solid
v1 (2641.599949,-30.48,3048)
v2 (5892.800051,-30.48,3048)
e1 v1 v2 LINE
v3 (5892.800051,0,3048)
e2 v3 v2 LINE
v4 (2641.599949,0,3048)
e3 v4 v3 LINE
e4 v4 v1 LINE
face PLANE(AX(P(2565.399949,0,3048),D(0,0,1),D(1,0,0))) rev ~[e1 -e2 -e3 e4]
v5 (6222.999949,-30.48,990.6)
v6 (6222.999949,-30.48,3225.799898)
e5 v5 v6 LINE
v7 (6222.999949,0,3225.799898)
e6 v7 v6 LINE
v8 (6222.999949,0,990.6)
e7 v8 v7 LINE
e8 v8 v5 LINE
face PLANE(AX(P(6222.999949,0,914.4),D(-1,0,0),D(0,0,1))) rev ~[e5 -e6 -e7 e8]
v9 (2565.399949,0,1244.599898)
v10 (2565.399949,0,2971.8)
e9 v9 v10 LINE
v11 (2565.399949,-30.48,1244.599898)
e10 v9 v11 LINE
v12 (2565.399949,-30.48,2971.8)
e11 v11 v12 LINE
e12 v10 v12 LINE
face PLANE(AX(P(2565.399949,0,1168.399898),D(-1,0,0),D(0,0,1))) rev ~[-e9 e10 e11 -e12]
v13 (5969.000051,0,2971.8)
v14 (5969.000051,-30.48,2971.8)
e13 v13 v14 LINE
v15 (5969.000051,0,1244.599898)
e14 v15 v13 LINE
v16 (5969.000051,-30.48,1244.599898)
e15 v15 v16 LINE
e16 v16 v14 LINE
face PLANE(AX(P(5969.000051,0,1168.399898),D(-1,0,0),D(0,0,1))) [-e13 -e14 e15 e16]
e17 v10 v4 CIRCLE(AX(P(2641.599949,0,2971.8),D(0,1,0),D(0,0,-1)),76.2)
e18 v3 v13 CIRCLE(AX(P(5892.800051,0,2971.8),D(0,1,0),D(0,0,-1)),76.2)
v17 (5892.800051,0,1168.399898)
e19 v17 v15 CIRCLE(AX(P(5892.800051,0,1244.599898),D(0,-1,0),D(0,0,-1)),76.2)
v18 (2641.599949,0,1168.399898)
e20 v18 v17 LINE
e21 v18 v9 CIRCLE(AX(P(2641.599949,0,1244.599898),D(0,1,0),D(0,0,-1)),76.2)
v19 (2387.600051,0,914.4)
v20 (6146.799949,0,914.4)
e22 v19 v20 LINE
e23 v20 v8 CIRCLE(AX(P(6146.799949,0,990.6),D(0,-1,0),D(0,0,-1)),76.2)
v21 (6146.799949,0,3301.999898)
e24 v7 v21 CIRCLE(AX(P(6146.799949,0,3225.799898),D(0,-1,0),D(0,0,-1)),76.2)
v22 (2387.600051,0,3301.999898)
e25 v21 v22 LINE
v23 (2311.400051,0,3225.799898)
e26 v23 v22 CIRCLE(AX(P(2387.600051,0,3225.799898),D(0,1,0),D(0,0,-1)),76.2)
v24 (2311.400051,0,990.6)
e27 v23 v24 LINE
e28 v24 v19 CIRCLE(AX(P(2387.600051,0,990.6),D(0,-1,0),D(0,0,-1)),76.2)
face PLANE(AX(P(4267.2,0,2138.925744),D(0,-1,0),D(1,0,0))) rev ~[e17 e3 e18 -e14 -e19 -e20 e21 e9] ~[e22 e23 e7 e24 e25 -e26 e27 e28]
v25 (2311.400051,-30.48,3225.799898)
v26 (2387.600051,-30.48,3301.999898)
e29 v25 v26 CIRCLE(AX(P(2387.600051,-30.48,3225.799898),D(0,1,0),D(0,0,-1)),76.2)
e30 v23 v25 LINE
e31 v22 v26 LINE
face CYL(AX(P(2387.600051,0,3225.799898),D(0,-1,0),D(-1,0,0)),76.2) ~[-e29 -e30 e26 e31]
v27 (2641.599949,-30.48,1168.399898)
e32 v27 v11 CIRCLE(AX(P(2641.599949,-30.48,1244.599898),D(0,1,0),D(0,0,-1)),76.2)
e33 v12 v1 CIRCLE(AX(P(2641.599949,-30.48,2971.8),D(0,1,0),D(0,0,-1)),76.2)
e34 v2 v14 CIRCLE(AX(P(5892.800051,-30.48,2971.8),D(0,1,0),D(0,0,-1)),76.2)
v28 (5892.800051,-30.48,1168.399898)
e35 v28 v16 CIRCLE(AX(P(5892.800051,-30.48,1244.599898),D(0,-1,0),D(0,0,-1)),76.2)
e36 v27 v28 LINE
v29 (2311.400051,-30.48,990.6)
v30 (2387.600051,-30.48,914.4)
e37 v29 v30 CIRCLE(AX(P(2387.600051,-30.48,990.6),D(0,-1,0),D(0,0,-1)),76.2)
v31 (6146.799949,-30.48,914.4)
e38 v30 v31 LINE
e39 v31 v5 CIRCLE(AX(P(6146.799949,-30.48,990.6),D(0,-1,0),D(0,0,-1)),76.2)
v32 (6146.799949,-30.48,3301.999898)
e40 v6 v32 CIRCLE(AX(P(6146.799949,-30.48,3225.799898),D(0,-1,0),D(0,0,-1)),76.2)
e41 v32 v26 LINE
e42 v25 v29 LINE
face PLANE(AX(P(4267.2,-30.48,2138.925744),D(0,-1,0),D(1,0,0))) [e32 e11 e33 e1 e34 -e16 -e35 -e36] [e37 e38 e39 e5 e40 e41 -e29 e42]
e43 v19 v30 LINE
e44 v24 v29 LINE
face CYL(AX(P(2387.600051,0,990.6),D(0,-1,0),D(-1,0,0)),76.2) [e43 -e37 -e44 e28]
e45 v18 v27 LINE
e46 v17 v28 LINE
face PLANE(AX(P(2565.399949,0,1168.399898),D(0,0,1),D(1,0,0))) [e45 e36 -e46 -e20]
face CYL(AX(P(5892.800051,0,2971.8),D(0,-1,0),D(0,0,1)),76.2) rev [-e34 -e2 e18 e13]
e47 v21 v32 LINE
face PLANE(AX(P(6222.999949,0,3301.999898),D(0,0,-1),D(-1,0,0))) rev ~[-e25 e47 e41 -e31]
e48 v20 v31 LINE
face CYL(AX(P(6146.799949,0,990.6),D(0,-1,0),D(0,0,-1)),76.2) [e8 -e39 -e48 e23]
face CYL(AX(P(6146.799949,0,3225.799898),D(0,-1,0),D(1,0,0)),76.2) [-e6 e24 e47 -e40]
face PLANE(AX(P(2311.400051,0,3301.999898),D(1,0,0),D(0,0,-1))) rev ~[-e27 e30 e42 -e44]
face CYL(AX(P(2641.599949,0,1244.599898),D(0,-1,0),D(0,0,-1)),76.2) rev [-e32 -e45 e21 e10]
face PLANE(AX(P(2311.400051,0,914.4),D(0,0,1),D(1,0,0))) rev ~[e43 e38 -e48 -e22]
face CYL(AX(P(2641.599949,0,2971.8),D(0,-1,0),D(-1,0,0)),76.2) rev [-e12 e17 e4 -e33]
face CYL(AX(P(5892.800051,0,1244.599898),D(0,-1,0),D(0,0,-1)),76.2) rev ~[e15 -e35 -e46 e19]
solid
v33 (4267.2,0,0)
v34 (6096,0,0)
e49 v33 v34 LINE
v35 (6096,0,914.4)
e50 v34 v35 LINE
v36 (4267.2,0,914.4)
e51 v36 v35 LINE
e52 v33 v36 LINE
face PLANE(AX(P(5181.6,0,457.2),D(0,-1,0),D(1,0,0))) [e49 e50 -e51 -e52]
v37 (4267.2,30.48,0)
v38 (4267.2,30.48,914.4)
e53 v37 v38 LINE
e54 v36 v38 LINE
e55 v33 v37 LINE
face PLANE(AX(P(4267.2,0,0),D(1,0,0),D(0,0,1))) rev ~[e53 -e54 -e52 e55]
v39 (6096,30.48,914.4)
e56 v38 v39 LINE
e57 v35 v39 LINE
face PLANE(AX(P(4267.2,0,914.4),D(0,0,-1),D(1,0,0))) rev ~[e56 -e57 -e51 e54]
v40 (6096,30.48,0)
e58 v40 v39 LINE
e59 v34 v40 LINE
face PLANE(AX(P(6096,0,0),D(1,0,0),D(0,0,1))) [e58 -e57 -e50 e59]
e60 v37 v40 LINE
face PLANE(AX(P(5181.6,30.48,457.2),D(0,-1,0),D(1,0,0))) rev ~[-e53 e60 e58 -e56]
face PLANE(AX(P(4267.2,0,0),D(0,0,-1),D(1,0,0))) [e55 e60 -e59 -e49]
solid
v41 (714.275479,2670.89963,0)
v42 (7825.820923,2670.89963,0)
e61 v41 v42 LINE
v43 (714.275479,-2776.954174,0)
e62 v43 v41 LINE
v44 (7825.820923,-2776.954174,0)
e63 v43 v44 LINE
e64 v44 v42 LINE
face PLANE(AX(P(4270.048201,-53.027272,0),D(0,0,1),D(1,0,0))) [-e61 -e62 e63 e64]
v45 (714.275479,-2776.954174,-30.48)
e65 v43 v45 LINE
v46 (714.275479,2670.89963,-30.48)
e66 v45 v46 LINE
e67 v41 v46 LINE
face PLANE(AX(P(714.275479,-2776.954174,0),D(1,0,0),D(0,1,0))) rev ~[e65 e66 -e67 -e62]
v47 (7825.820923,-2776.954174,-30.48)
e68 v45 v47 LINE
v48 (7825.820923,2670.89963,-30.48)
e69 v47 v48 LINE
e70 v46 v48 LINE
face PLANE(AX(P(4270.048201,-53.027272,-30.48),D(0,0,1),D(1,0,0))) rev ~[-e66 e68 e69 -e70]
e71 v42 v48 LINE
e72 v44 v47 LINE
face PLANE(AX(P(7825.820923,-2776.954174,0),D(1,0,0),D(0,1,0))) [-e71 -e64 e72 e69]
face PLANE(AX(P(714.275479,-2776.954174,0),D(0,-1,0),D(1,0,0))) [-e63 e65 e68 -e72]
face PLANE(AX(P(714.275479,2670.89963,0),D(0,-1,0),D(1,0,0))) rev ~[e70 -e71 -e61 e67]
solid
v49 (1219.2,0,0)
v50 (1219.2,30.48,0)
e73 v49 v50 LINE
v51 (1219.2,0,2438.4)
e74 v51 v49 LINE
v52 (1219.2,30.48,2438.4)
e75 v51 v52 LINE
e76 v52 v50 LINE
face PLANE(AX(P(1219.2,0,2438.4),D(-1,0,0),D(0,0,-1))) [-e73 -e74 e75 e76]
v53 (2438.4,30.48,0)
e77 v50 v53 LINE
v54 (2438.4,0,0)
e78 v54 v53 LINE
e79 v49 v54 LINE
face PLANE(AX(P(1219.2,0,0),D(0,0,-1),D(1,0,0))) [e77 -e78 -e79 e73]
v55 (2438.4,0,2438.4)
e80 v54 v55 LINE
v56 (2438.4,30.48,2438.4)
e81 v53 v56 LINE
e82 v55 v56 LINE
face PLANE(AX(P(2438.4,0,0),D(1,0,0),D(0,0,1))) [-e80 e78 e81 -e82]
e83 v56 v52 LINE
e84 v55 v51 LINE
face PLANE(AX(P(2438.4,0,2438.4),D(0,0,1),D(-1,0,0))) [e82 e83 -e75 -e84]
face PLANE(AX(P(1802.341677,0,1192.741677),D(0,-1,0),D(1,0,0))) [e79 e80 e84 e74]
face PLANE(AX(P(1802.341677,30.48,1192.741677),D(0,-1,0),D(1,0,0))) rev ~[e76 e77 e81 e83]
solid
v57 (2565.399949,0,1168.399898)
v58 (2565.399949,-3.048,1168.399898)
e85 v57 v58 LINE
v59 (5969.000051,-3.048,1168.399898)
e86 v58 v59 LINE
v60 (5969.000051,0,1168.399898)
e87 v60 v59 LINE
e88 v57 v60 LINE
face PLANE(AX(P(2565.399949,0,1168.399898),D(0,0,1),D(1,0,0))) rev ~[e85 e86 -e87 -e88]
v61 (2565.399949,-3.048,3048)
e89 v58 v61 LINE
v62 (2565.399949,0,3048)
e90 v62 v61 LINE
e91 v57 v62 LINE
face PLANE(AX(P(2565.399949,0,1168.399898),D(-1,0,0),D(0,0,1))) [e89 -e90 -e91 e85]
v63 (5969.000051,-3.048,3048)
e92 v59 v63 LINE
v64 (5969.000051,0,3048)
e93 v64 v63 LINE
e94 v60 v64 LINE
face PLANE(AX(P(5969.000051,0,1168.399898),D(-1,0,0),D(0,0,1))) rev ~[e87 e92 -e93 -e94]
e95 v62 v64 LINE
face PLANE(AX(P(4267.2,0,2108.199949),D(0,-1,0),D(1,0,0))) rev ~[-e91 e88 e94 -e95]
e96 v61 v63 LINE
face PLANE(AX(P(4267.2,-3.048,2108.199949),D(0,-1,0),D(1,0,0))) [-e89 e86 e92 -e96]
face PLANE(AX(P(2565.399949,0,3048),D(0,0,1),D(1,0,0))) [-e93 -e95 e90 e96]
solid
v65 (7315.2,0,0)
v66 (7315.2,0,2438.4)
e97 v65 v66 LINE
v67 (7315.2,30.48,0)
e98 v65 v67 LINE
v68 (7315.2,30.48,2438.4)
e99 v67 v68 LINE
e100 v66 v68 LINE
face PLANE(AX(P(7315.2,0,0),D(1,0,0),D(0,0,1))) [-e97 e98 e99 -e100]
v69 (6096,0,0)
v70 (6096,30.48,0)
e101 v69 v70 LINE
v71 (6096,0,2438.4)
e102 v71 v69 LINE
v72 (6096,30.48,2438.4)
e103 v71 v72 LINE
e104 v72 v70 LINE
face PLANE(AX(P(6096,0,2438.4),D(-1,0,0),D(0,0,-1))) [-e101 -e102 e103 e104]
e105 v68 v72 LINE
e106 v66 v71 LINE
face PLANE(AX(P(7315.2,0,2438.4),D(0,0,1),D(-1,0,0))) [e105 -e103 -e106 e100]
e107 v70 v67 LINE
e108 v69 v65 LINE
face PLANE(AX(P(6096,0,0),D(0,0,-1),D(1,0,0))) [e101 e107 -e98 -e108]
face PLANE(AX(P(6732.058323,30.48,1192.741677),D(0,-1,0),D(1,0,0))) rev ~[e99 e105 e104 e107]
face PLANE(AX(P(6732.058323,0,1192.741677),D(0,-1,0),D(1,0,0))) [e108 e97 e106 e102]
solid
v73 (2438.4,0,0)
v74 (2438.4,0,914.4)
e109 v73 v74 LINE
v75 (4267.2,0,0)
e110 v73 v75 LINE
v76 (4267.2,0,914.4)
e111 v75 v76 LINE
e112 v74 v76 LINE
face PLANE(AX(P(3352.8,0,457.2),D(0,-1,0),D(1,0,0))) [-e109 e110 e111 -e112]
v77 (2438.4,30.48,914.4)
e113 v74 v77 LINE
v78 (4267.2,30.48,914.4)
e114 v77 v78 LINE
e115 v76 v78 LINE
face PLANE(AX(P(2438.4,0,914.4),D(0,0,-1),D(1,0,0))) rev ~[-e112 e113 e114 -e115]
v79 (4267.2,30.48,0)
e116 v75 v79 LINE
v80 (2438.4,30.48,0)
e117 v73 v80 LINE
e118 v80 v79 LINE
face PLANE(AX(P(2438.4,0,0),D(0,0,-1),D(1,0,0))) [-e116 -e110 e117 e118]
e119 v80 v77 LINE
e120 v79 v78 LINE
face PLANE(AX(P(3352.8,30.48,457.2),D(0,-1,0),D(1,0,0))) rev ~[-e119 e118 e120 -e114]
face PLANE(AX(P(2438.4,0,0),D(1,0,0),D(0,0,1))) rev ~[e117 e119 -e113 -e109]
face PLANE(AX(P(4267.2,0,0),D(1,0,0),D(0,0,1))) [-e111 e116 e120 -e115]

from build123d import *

# Parameters (mm, degrees)
F0_W     = 1219.2
F0_H     = 2438.4
F1_DEPTH = 30.48
F0_W_2   = 1828.8
F0_H_2   = 914.4
F0_W_3   = 126.9999492
F0_H_3   = 1524
F2_DEPTH = 30.48
F0_W_4   = 3403.6001016
F0_H_4   = 1879.6001016
F3_DEPTH = 30.48
F4_DEPTH = 3.048
F5_R     = 76.2
F6_W     = 7111.5454435349
F6_H     = 5447.8538036346
F7_DEPTH = 30.48


with BuildPart() as f1:
    # F0 (on Front) → F1 (new body)
    with BuildSketch(Plane.XZ):
        with Locations((609.6, 1219.2)):
            Rectangle(F0_W, F0_H)
    extrude(amount=-F1_DEPTH)


with BuildPart() as f1b:
    # F0 (on Front) → F1, piece 2 (new body)
    with BuildSketch(Plane.XZ):
        with Locations((3352.8, 457.2)):
            Rectangle(F0_W_2, F0_H_2)
    extrude(amount=-F1_DEPTH)


with BuildPart() as f1c:
    # F0 (on Front) → F1, piece 3 (new body)
    with BuildSketch(Plane.XZ):
        Polygon((6096, 914.4), (6096, 0), (7315.2, 0), (7315.2, 2438.4), (6222.9999492, 2438.4), (6222.9999492, 914.4), align=None)
        with Locations((6159.4999746, 1676.4)):
            Rectangle(F0_W_3, F0_H_3)
    extrude(amount=-F1_DEPTH)


with BuildPart() as f2:
    # F0 (on Front) → F2 (new body)
    with BuildSketch(Plane.XZ):
        Polygon((1219.2, 2438.4), (1219.2, 0), (2438.4, 0), (2438.4, 914.4), (2311.4000508, 914.4), (2311.4000508, 2438.4), align=None)
        with Locations((2374.9000254, 1676.4)):
            Rectangle(F0_W_3, F0_H_3)
    extrude(amount=-F2_DEPTH)


with BuildPart() as f2b:
    # F0 (on Front) → F2, piece 2 (new body)
    with BuildSketch(Plane.XZ):
        with Locations((5181.6, 457.2)):
            Rectangle(F0_W_2, F0_H_2)
    extrude(amount=-F2_DEPTH)


with BuildPart() as f2c:
    # F0 (on Front) → F2, piece 3 (new body)
    with BuildSketch(Plane.XZ):
        with Locations((7924.8, 1219.2)):
            Rectangle(F0_W, F0_H)
    extrude(amount=-F2_DEPTH)


with BuildPart() as f3:
    # F0 (on Front) → F3 (new body)
    with BuildSketch(Plane.XZ):
        Polygon((2311.4000508, 3301.9998984), (2311.4000508, 2438.4), (2438.4, 2438.4), (2438.4, 914.4), (4267.2, 914.4), (6096, 914.4), (6096, 2438.4), (6222.9999492, 2438.4), (6222.9999492, 3301.9998984), align=None)
        with Locations((4267.2, 2108.1999492)):
            Rectangle(F0_W_4, F0_H_4, mode=Mode.SUBTRACT)
        with Locations((2374.9000254, 1676.4)):
            Rectangle(F0_W_3, F0_H_3)
        with Locations((6159.4999746, 1676.4)):
            Rectangle(F0_W_3, F0_H_3)
    extrude(amount=F3_DEPTH)

    # F5
    f5_edges = [f3.edges().sort_by_distance(p)[0] for p in [
        (2311.400051, -15.24, 3301.999898),
        (2565.399949, -15.24, 3048),
        (2311.400051, -15.24, 914.4),
        (2565.399949, -15.24, 1168.399898),
        (6222.999949, -15.24, 914.4),
        (5969.000051, -15.24, 1168.399898),
        (6222.999949, -15.24, 3301.999898),
        (5969.000051, -15.24, 3048),
    ]]
    fillet(f5_edges, radius=F5_R)


with BuildPart() as f4:
    # F0 (on Front) → F4 (new body)
    with BuildSketch(Plane.XZ):
        with Locations((4267.2, 2108.1999492)):
            Rectangle(F0_W_4, F0_H_4)
    extrude(amount=F4_DEPTH)


with BuildPart() as f7:
    # F6 (on Top) → F7 (new body)
    with BuildSketch(Plane.XY):
        with Locations((4270.0482010841, -53.0272722244)):
            Rectangle(F6_W, F6_H)
    extrude(amount=-F7_DEPTH)


solid = Compound([f1b.part, f1c.part, f2.part, f2b.part, f3.part, f4.part, f7.part])
